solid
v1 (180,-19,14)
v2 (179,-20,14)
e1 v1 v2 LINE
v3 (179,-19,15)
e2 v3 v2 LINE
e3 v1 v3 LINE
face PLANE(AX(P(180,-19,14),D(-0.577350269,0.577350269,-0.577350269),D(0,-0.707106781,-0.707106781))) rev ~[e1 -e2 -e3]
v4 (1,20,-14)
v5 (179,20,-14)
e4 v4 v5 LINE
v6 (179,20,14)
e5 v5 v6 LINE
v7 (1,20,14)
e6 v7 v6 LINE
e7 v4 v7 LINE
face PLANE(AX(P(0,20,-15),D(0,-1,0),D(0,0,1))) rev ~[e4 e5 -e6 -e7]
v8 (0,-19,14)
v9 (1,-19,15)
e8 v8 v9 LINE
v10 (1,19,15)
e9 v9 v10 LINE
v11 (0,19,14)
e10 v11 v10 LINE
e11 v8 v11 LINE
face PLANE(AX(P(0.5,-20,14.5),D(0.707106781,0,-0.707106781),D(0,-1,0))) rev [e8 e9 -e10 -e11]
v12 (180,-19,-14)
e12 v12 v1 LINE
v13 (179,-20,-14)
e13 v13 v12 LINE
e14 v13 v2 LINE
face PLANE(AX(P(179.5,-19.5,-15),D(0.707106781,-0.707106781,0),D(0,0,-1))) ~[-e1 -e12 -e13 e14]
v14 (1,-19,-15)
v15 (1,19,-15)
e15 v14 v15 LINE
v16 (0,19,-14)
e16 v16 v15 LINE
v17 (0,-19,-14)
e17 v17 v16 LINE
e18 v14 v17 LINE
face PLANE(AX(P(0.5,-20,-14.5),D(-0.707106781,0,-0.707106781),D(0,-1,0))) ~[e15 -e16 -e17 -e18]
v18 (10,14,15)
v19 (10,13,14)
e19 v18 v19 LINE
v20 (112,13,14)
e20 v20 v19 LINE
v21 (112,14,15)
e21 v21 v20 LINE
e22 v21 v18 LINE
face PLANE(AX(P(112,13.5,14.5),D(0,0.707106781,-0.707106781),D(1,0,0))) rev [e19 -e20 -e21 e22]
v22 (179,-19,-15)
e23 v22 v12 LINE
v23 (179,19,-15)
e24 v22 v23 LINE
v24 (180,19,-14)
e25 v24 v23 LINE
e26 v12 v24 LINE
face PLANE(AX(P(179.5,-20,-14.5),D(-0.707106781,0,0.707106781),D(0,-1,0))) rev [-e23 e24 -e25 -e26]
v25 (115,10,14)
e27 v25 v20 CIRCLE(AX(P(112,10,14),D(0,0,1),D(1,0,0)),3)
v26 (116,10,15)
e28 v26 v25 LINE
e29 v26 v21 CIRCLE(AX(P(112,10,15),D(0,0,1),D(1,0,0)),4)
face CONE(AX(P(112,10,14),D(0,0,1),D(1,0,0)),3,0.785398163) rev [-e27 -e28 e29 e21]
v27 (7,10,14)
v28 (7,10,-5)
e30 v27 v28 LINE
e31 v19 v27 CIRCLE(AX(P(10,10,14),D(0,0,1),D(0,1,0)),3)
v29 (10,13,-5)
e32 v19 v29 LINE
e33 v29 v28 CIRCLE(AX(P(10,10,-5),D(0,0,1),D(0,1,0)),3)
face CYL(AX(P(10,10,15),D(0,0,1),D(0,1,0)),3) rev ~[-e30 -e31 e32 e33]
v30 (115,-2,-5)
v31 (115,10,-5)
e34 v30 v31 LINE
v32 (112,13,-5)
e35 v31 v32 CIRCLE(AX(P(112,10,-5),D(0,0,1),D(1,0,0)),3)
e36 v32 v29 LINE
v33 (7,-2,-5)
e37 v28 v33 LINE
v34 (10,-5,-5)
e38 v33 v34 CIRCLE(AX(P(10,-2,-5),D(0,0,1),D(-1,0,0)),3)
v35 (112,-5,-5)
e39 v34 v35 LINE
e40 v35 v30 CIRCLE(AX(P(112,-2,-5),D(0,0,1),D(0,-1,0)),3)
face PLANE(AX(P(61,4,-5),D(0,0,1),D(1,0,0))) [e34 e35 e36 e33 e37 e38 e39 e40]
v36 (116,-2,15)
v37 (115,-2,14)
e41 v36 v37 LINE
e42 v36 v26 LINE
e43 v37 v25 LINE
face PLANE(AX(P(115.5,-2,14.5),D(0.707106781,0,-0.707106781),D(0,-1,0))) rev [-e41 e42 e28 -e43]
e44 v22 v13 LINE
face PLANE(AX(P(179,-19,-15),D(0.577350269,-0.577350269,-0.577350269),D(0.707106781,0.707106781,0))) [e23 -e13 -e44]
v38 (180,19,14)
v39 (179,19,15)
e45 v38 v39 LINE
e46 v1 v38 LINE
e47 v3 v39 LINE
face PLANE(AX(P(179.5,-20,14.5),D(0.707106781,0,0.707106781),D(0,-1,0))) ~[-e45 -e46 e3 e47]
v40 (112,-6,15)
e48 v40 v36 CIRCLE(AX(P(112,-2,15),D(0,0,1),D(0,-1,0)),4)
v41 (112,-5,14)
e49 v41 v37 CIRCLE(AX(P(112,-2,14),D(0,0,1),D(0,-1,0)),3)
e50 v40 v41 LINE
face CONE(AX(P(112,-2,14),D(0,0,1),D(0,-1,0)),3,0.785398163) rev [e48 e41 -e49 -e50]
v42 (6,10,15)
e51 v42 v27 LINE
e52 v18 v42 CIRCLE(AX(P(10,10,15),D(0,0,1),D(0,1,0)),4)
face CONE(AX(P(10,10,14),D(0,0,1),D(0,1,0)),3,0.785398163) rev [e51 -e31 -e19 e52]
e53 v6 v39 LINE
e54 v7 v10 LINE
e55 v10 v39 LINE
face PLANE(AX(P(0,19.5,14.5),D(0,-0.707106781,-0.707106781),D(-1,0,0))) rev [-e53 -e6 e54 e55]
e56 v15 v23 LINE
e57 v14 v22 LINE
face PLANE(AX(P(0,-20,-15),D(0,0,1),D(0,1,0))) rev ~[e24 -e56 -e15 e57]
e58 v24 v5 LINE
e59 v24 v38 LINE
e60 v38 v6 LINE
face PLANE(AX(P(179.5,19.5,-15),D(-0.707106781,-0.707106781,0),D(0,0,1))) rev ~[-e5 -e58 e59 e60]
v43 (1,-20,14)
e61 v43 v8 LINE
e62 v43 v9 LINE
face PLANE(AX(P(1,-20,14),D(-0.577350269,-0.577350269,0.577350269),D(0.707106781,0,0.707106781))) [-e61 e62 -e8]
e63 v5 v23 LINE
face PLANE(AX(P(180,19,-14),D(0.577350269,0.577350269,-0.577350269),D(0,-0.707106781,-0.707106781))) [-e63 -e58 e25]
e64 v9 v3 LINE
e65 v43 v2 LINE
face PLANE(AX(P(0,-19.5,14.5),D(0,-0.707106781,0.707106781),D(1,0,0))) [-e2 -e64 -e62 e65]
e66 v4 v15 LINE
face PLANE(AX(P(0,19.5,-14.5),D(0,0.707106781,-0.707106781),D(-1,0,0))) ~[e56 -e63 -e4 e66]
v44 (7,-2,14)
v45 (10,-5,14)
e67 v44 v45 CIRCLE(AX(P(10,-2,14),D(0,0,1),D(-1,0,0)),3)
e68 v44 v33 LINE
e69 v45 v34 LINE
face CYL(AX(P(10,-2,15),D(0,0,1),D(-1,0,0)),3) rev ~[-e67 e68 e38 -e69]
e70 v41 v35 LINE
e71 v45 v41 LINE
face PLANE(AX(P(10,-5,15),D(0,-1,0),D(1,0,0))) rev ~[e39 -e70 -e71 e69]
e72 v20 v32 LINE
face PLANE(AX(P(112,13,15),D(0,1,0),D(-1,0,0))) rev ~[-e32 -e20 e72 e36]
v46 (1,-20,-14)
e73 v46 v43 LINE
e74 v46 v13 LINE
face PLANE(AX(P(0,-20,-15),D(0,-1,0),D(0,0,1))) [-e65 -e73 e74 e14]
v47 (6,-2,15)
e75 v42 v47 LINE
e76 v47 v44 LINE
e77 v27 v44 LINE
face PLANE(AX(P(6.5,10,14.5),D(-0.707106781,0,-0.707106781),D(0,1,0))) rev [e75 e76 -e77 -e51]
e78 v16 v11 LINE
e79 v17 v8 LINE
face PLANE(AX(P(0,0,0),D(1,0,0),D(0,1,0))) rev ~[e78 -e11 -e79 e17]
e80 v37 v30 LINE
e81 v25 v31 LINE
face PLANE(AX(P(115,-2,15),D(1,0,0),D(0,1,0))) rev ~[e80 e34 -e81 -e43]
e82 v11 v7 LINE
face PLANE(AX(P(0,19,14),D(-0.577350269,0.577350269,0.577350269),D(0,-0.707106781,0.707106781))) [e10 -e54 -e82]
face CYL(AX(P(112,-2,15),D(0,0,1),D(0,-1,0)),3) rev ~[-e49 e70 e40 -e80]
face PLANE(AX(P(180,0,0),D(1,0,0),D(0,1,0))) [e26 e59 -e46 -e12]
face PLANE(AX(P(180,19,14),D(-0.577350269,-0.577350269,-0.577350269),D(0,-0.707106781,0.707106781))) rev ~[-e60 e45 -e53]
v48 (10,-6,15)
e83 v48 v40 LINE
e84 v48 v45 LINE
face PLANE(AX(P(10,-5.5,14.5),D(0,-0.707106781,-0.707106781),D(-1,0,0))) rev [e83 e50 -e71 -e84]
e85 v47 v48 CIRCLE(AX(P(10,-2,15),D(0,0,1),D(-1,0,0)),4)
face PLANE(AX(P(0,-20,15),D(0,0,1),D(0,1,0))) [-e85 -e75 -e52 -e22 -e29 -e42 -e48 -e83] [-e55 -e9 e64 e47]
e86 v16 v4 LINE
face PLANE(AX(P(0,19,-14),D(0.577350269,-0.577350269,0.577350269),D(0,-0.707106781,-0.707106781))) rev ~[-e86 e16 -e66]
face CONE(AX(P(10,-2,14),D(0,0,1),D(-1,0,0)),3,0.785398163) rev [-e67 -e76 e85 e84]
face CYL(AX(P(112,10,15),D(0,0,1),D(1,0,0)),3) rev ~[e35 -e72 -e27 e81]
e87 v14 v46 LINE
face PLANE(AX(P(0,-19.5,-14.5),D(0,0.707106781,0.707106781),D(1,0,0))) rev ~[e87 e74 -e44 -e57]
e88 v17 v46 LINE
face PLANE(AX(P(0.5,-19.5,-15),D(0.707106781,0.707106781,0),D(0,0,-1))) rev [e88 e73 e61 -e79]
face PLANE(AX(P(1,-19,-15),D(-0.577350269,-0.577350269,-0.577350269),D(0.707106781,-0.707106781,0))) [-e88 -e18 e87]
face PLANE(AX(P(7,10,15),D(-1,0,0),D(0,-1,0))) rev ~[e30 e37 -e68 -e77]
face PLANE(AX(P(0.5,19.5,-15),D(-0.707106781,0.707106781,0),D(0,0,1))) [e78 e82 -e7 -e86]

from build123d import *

# Parameters (mm, degrees)
F0_W     = 40
F0_H     = 30
F1_DEPTH = 180
F3_DEPTH = 20
F4_SIZE  = 1


with BuildPart() as f1:
    # F0 (on Right) → F1 (new body)
    with BuildSketch(Plane.YZ):
        Rectangle(F0_W, F0_H)
    extrude(amount=F1_DEPTH)

    # F2 (on face) → F3 (cut)
    with BuildSketch(Plane.XY.offset(15)):
        with BuildLine():
            Line((10, -5), (112, -5))
            ThreePointArc((112, -5), (114.1213203436, -4.1213203436), (115, -2))
            Line((115, -2), (115, 10))
            ThreePointArc((115, 10), (114.1213203436, 12.1213203436), (112, 13))
            Line((112, 13), (10, 13))
            ThreePointArc((10, 13), (7.8786796564, 12.1213203436), (7, 10))
            Line((7, 10), (7, -2))
            ThreePointArc((7, -2), (7.8786796564, -4.1213203436), (10, -5))
        make_face()
    extrude(amount=-F3_DEPTH, mode=Mode.SUBTRACT)

    # F4
    f4_edges = [f1.edges().sort_by_distance(p)[0] for p in [
        (90, 20, -15),
        (90, 20, 15),
        (0, 20, 0),
        (180, 20, 0),
        (0, 0, 15),
        (0, -20, 0),
        (0, 0, -15),
        (90, -20, 15),
        (180, 0, 15),
        (61, 13, 15),
        (115, 4, 15),
        (180, -20, 0),
        (90, -20, -15),
        (7.87868, 12.12132, 15),
        (114.12132, 12.12132, 15),
        (114.12132, -4.12132, 15),
        (61, -5, 15),
        (7.87868, -4.12132, 15),
        (7, 4, 15),
        (180, 0, -15),
    ]]
    chamfer(f4_edges, length=F4_SIZE)


solid = f1.part
